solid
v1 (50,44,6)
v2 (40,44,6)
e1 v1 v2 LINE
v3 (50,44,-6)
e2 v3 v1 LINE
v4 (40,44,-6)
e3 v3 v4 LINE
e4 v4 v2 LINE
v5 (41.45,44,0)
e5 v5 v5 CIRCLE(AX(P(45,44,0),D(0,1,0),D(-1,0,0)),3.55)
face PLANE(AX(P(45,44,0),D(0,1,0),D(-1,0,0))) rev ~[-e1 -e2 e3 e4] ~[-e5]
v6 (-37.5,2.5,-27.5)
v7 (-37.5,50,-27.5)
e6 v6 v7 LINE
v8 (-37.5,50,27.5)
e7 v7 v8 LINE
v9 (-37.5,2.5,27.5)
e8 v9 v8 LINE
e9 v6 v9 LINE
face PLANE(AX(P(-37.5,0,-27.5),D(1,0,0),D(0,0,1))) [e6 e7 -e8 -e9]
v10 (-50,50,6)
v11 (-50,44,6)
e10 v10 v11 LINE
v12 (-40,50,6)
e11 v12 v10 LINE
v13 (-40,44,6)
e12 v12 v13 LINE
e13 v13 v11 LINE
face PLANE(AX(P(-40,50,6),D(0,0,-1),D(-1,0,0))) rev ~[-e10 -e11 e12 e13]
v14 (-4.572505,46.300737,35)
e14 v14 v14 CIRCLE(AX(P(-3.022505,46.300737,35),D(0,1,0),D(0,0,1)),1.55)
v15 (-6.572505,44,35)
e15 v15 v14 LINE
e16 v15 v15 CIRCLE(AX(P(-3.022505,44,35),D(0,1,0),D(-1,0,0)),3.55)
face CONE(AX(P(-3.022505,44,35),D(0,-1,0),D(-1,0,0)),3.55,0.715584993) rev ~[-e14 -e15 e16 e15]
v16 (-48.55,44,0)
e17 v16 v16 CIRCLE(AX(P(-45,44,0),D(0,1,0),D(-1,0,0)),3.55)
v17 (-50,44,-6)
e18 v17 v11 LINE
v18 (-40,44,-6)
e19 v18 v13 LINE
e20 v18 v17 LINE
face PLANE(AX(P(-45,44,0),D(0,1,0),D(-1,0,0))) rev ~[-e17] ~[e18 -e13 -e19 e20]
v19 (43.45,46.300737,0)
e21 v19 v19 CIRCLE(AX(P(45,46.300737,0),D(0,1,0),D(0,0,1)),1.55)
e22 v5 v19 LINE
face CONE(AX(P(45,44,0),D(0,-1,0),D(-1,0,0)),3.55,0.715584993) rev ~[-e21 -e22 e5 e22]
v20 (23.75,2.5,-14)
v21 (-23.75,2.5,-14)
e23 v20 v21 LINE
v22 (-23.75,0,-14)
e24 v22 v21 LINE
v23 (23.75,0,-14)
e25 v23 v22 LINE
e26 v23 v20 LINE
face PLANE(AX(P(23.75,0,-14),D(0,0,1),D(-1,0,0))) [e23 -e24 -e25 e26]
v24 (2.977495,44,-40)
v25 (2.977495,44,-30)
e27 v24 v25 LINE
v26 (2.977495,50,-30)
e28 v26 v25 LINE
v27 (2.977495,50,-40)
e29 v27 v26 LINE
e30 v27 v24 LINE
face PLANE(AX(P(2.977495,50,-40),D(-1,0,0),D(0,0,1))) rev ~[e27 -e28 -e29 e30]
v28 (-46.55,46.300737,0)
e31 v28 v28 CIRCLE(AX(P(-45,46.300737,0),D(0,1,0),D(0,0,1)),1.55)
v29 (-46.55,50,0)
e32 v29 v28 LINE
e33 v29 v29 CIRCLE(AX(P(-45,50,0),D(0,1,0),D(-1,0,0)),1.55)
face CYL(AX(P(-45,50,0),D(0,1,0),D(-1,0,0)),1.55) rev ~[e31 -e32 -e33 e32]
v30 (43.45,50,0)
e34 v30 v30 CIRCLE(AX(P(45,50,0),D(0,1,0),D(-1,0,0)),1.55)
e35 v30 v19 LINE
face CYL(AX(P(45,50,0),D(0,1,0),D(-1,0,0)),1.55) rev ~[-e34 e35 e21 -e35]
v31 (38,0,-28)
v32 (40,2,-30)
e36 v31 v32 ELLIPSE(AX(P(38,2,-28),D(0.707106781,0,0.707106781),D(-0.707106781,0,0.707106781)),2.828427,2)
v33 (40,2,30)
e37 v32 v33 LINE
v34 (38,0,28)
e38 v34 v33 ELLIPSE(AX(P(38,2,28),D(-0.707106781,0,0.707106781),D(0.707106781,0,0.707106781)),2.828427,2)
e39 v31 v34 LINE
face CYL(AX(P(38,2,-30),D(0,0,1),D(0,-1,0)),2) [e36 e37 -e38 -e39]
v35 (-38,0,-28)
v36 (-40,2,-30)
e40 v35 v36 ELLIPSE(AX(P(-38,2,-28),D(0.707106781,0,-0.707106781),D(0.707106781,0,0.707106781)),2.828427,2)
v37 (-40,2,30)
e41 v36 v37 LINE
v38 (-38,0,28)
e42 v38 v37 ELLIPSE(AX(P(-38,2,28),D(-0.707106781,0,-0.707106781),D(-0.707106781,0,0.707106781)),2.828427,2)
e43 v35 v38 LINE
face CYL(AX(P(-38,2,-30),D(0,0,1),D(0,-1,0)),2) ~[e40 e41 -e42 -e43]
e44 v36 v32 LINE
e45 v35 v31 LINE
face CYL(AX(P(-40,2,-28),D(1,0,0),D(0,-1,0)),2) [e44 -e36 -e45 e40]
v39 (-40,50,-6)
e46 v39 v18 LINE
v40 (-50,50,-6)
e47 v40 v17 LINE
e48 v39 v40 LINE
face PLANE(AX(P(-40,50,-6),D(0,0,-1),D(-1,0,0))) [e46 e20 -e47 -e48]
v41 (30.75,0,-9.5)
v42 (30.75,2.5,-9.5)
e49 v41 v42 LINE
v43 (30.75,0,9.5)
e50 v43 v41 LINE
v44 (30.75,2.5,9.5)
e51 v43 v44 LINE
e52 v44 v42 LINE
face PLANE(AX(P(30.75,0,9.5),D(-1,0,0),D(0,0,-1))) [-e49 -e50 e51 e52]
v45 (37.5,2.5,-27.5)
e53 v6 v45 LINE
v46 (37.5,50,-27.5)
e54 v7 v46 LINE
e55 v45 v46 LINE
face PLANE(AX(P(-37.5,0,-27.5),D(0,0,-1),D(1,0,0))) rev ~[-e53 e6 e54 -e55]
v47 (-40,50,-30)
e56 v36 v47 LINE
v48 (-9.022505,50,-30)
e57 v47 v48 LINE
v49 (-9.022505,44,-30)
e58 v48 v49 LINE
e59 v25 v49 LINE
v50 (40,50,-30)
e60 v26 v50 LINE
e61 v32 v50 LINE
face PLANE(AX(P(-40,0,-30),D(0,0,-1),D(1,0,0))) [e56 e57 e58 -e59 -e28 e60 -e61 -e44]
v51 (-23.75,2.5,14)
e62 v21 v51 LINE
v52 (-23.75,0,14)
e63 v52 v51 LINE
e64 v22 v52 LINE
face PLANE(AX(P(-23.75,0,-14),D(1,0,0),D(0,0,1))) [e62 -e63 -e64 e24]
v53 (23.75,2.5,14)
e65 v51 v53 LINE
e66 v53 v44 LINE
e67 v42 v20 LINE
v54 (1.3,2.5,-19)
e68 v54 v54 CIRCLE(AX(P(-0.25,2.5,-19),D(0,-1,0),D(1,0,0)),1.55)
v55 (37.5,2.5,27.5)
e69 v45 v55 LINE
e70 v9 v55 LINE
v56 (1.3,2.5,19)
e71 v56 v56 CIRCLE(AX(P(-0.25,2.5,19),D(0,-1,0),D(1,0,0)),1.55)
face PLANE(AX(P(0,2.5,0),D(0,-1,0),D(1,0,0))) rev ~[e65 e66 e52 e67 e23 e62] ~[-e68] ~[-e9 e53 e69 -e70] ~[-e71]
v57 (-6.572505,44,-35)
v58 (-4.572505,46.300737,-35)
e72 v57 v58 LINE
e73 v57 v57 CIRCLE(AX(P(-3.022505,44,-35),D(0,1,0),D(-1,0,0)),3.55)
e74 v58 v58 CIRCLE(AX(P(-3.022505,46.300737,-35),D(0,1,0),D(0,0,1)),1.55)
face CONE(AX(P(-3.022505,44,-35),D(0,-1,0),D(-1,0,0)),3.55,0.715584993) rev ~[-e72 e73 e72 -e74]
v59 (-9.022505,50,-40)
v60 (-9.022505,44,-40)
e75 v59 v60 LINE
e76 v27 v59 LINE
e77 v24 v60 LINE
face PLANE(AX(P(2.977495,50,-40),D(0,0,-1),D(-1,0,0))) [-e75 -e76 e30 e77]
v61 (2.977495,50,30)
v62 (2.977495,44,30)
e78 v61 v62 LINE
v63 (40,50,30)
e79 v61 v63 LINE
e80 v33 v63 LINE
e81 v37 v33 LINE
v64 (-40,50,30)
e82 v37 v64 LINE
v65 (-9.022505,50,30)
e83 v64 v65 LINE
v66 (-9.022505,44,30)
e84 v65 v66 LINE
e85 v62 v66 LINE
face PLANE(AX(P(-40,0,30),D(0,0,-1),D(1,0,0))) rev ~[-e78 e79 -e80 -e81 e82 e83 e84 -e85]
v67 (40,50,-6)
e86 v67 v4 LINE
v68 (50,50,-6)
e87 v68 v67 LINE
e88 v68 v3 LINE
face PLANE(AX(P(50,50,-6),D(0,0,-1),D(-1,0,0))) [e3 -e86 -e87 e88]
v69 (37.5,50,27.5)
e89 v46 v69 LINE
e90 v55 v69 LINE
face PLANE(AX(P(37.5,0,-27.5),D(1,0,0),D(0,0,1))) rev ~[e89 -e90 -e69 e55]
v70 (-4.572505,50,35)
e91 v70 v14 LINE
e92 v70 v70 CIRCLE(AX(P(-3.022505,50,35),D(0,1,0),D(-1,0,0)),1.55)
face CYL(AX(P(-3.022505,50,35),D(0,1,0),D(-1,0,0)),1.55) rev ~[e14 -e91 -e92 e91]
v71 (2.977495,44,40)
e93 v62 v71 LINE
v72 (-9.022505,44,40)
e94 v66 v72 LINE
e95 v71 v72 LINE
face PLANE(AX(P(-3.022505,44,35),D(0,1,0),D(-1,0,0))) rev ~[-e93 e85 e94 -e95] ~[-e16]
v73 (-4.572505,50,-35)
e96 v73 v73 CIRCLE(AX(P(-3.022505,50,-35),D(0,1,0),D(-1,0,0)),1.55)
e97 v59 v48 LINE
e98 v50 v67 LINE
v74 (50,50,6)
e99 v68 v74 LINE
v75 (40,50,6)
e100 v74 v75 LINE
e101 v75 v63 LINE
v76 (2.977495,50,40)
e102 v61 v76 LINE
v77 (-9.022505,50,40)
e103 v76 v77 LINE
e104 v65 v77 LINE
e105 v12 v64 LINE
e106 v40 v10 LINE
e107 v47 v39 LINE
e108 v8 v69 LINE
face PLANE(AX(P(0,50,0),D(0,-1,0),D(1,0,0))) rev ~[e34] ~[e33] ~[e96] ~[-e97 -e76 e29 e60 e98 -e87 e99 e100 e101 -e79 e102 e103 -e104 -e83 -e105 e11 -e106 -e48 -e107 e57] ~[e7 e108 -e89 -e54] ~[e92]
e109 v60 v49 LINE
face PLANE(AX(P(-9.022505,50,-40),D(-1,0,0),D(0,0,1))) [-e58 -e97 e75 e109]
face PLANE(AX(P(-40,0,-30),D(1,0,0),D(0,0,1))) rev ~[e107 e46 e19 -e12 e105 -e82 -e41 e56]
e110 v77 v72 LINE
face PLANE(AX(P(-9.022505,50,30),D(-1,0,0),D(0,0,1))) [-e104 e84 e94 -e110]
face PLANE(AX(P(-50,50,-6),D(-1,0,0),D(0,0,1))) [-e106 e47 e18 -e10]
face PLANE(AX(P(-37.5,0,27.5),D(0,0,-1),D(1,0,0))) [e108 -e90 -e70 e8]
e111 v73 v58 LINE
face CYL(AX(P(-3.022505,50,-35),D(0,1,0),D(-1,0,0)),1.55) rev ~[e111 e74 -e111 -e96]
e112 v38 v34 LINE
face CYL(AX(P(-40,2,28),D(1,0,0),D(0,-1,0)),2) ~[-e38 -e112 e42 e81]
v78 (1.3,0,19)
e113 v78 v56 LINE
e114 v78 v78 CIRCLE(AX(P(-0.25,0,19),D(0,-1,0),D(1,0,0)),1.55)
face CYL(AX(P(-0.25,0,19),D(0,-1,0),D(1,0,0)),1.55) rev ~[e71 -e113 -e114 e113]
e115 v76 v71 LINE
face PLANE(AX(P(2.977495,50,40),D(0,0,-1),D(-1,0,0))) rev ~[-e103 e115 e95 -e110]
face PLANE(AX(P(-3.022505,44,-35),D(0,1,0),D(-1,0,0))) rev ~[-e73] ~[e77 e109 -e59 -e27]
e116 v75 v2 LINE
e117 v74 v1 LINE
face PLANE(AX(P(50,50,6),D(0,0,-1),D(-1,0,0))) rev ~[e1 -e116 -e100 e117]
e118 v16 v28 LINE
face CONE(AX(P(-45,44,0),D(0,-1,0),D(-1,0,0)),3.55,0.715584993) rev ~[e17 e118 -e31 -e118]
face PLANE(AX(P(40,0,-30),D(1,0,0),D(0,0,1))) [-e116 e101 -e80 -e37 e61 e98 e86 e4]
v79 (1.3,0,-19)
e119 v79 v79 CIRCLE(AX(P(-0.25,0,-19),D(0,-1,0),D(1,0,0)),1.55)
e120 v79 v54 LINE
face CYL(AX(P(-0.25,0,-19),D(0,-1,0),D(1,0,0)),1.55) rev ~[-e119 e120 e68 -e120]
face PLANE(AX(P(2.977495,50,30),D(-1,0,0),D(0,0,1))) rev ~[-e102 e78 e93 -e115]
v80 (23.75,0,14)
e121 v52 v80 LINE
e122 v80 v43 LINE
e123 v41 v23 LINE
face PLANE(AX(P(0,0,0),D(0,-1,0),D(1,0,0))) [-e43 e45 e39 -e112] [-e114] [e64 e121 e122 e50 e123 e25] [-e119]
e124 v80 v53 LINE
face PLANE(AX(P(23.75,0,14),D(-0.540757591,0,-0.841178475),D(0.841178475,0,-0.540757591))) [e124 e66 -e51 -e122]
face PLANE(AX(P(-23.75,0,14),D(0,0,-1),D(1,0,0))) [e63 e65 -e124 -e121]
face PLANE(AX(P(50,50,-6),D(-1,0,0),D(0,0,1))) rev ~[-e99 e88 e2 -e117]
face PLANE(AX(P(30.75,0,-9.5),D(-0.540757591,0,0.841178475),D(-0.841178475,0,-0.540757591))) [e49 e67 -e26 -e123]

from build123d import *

# Parameters (mm, degrees)
F0_W            = 80
F0_H            = 60
F0_W_2          = 75
F0_H_2          = 55
F1_DEPTH        = 50
F0_R            = 1.55
F2_DEPTH        = 2.5
F3_W            = 10
F3_H            = 12
F3_R            = 1.55
F3_W_2          = 12
F3_H_2          = 10
F4_DEPTH        = 6
F5_R            = 2
F10_D           = 3.1
F10_CSINK_D     = 7.1
F10_CSINK_ANGLE = 82


with BuildPart() as f1:
    # F0 (on Front) → F1 (new body)
    with BuildSketch(Plane.XZ):
        Rectangle(F0_W, F0_H)
        Rectangle(F0_W_2, F0_H_2, mode=Mode.SUBTRACT)
    extrude(amount=-F1_DEPTH)

    # F0 (on Front) → F2 (join)
    with BuildSketch(Plane.XZ):
        Rectangle(F0_W_2, F0_H_2)
        with Locations((-0.25, -19)):
            Circle(F0_R, mode=Mode.SUBTRACT)
        with Locations((-0.25, 19)):
            Circle(F0_R, mode=Mode.SUBTRACT)
        Polygon((30.75, -9.5), (23.75, -14), (-23.75, -14), (-23.75, 14), (23.75, 14), (30.75, 9.5), align=None, mode=Mode.SUBTRACT)
    extrude(amount=-F2_DEPTH)

    # F3 (on face) → F4 (join)
    with BuildSketch(Plane(origin=(0, 50, 0), x_dir=(-1, 0, 0), z_dir=(0, 1, 0))):
        with Locations((45, 0)):
            Rectangle(F3_W, F3_H)
        with Locations((45, 0)):
            Circle(F3_R, mode=Mode.SUBTRACT)
        with Locations((3.022505, -35)):
            Rectangle(F3_W_2, F3_H_2)
        with Locations((3.022505, -35)):
            Circle(F3_R, mode=Mode.SUBTRACT)
        with Locations((-45, 0)):
            Rectangle(F3_W, F3_H)
        with Locations((-45, 0)):
            Circle(F3_R, mode=Mode.SUBTRACT)
        with Locations((3.022505, 35)):
            Rectangle(F3_W_2, F3_H_2)
        with Locations((3.022505, 35)):
            Circle(F3_R, mode=Mode.SUBTRACT)
    extrude(amount=-F4_DEPTH)

    # F5
    f5_edges = [f1.edges().sort_by_distance(p)[0] for p in [
        (40, 0, 0),
        (-40, 0, 0),
        (0, 0, 30),
        (0, 0, -30),
    ]]
    fillet(f5_edges, radius=F5_R)

    # F10 (through all)
    with Locations(Plane.XZ.offset(-44)):
        with Locations((-3.022505, -35), (-3.022505, 35), (-45, 0), (45, 0)):
            CounterSinkHole(F10_D / 2, F10_CSINK_D / 2, counter_sink_angle=F10_CSINK_ANGLE)


solid = f1.part
